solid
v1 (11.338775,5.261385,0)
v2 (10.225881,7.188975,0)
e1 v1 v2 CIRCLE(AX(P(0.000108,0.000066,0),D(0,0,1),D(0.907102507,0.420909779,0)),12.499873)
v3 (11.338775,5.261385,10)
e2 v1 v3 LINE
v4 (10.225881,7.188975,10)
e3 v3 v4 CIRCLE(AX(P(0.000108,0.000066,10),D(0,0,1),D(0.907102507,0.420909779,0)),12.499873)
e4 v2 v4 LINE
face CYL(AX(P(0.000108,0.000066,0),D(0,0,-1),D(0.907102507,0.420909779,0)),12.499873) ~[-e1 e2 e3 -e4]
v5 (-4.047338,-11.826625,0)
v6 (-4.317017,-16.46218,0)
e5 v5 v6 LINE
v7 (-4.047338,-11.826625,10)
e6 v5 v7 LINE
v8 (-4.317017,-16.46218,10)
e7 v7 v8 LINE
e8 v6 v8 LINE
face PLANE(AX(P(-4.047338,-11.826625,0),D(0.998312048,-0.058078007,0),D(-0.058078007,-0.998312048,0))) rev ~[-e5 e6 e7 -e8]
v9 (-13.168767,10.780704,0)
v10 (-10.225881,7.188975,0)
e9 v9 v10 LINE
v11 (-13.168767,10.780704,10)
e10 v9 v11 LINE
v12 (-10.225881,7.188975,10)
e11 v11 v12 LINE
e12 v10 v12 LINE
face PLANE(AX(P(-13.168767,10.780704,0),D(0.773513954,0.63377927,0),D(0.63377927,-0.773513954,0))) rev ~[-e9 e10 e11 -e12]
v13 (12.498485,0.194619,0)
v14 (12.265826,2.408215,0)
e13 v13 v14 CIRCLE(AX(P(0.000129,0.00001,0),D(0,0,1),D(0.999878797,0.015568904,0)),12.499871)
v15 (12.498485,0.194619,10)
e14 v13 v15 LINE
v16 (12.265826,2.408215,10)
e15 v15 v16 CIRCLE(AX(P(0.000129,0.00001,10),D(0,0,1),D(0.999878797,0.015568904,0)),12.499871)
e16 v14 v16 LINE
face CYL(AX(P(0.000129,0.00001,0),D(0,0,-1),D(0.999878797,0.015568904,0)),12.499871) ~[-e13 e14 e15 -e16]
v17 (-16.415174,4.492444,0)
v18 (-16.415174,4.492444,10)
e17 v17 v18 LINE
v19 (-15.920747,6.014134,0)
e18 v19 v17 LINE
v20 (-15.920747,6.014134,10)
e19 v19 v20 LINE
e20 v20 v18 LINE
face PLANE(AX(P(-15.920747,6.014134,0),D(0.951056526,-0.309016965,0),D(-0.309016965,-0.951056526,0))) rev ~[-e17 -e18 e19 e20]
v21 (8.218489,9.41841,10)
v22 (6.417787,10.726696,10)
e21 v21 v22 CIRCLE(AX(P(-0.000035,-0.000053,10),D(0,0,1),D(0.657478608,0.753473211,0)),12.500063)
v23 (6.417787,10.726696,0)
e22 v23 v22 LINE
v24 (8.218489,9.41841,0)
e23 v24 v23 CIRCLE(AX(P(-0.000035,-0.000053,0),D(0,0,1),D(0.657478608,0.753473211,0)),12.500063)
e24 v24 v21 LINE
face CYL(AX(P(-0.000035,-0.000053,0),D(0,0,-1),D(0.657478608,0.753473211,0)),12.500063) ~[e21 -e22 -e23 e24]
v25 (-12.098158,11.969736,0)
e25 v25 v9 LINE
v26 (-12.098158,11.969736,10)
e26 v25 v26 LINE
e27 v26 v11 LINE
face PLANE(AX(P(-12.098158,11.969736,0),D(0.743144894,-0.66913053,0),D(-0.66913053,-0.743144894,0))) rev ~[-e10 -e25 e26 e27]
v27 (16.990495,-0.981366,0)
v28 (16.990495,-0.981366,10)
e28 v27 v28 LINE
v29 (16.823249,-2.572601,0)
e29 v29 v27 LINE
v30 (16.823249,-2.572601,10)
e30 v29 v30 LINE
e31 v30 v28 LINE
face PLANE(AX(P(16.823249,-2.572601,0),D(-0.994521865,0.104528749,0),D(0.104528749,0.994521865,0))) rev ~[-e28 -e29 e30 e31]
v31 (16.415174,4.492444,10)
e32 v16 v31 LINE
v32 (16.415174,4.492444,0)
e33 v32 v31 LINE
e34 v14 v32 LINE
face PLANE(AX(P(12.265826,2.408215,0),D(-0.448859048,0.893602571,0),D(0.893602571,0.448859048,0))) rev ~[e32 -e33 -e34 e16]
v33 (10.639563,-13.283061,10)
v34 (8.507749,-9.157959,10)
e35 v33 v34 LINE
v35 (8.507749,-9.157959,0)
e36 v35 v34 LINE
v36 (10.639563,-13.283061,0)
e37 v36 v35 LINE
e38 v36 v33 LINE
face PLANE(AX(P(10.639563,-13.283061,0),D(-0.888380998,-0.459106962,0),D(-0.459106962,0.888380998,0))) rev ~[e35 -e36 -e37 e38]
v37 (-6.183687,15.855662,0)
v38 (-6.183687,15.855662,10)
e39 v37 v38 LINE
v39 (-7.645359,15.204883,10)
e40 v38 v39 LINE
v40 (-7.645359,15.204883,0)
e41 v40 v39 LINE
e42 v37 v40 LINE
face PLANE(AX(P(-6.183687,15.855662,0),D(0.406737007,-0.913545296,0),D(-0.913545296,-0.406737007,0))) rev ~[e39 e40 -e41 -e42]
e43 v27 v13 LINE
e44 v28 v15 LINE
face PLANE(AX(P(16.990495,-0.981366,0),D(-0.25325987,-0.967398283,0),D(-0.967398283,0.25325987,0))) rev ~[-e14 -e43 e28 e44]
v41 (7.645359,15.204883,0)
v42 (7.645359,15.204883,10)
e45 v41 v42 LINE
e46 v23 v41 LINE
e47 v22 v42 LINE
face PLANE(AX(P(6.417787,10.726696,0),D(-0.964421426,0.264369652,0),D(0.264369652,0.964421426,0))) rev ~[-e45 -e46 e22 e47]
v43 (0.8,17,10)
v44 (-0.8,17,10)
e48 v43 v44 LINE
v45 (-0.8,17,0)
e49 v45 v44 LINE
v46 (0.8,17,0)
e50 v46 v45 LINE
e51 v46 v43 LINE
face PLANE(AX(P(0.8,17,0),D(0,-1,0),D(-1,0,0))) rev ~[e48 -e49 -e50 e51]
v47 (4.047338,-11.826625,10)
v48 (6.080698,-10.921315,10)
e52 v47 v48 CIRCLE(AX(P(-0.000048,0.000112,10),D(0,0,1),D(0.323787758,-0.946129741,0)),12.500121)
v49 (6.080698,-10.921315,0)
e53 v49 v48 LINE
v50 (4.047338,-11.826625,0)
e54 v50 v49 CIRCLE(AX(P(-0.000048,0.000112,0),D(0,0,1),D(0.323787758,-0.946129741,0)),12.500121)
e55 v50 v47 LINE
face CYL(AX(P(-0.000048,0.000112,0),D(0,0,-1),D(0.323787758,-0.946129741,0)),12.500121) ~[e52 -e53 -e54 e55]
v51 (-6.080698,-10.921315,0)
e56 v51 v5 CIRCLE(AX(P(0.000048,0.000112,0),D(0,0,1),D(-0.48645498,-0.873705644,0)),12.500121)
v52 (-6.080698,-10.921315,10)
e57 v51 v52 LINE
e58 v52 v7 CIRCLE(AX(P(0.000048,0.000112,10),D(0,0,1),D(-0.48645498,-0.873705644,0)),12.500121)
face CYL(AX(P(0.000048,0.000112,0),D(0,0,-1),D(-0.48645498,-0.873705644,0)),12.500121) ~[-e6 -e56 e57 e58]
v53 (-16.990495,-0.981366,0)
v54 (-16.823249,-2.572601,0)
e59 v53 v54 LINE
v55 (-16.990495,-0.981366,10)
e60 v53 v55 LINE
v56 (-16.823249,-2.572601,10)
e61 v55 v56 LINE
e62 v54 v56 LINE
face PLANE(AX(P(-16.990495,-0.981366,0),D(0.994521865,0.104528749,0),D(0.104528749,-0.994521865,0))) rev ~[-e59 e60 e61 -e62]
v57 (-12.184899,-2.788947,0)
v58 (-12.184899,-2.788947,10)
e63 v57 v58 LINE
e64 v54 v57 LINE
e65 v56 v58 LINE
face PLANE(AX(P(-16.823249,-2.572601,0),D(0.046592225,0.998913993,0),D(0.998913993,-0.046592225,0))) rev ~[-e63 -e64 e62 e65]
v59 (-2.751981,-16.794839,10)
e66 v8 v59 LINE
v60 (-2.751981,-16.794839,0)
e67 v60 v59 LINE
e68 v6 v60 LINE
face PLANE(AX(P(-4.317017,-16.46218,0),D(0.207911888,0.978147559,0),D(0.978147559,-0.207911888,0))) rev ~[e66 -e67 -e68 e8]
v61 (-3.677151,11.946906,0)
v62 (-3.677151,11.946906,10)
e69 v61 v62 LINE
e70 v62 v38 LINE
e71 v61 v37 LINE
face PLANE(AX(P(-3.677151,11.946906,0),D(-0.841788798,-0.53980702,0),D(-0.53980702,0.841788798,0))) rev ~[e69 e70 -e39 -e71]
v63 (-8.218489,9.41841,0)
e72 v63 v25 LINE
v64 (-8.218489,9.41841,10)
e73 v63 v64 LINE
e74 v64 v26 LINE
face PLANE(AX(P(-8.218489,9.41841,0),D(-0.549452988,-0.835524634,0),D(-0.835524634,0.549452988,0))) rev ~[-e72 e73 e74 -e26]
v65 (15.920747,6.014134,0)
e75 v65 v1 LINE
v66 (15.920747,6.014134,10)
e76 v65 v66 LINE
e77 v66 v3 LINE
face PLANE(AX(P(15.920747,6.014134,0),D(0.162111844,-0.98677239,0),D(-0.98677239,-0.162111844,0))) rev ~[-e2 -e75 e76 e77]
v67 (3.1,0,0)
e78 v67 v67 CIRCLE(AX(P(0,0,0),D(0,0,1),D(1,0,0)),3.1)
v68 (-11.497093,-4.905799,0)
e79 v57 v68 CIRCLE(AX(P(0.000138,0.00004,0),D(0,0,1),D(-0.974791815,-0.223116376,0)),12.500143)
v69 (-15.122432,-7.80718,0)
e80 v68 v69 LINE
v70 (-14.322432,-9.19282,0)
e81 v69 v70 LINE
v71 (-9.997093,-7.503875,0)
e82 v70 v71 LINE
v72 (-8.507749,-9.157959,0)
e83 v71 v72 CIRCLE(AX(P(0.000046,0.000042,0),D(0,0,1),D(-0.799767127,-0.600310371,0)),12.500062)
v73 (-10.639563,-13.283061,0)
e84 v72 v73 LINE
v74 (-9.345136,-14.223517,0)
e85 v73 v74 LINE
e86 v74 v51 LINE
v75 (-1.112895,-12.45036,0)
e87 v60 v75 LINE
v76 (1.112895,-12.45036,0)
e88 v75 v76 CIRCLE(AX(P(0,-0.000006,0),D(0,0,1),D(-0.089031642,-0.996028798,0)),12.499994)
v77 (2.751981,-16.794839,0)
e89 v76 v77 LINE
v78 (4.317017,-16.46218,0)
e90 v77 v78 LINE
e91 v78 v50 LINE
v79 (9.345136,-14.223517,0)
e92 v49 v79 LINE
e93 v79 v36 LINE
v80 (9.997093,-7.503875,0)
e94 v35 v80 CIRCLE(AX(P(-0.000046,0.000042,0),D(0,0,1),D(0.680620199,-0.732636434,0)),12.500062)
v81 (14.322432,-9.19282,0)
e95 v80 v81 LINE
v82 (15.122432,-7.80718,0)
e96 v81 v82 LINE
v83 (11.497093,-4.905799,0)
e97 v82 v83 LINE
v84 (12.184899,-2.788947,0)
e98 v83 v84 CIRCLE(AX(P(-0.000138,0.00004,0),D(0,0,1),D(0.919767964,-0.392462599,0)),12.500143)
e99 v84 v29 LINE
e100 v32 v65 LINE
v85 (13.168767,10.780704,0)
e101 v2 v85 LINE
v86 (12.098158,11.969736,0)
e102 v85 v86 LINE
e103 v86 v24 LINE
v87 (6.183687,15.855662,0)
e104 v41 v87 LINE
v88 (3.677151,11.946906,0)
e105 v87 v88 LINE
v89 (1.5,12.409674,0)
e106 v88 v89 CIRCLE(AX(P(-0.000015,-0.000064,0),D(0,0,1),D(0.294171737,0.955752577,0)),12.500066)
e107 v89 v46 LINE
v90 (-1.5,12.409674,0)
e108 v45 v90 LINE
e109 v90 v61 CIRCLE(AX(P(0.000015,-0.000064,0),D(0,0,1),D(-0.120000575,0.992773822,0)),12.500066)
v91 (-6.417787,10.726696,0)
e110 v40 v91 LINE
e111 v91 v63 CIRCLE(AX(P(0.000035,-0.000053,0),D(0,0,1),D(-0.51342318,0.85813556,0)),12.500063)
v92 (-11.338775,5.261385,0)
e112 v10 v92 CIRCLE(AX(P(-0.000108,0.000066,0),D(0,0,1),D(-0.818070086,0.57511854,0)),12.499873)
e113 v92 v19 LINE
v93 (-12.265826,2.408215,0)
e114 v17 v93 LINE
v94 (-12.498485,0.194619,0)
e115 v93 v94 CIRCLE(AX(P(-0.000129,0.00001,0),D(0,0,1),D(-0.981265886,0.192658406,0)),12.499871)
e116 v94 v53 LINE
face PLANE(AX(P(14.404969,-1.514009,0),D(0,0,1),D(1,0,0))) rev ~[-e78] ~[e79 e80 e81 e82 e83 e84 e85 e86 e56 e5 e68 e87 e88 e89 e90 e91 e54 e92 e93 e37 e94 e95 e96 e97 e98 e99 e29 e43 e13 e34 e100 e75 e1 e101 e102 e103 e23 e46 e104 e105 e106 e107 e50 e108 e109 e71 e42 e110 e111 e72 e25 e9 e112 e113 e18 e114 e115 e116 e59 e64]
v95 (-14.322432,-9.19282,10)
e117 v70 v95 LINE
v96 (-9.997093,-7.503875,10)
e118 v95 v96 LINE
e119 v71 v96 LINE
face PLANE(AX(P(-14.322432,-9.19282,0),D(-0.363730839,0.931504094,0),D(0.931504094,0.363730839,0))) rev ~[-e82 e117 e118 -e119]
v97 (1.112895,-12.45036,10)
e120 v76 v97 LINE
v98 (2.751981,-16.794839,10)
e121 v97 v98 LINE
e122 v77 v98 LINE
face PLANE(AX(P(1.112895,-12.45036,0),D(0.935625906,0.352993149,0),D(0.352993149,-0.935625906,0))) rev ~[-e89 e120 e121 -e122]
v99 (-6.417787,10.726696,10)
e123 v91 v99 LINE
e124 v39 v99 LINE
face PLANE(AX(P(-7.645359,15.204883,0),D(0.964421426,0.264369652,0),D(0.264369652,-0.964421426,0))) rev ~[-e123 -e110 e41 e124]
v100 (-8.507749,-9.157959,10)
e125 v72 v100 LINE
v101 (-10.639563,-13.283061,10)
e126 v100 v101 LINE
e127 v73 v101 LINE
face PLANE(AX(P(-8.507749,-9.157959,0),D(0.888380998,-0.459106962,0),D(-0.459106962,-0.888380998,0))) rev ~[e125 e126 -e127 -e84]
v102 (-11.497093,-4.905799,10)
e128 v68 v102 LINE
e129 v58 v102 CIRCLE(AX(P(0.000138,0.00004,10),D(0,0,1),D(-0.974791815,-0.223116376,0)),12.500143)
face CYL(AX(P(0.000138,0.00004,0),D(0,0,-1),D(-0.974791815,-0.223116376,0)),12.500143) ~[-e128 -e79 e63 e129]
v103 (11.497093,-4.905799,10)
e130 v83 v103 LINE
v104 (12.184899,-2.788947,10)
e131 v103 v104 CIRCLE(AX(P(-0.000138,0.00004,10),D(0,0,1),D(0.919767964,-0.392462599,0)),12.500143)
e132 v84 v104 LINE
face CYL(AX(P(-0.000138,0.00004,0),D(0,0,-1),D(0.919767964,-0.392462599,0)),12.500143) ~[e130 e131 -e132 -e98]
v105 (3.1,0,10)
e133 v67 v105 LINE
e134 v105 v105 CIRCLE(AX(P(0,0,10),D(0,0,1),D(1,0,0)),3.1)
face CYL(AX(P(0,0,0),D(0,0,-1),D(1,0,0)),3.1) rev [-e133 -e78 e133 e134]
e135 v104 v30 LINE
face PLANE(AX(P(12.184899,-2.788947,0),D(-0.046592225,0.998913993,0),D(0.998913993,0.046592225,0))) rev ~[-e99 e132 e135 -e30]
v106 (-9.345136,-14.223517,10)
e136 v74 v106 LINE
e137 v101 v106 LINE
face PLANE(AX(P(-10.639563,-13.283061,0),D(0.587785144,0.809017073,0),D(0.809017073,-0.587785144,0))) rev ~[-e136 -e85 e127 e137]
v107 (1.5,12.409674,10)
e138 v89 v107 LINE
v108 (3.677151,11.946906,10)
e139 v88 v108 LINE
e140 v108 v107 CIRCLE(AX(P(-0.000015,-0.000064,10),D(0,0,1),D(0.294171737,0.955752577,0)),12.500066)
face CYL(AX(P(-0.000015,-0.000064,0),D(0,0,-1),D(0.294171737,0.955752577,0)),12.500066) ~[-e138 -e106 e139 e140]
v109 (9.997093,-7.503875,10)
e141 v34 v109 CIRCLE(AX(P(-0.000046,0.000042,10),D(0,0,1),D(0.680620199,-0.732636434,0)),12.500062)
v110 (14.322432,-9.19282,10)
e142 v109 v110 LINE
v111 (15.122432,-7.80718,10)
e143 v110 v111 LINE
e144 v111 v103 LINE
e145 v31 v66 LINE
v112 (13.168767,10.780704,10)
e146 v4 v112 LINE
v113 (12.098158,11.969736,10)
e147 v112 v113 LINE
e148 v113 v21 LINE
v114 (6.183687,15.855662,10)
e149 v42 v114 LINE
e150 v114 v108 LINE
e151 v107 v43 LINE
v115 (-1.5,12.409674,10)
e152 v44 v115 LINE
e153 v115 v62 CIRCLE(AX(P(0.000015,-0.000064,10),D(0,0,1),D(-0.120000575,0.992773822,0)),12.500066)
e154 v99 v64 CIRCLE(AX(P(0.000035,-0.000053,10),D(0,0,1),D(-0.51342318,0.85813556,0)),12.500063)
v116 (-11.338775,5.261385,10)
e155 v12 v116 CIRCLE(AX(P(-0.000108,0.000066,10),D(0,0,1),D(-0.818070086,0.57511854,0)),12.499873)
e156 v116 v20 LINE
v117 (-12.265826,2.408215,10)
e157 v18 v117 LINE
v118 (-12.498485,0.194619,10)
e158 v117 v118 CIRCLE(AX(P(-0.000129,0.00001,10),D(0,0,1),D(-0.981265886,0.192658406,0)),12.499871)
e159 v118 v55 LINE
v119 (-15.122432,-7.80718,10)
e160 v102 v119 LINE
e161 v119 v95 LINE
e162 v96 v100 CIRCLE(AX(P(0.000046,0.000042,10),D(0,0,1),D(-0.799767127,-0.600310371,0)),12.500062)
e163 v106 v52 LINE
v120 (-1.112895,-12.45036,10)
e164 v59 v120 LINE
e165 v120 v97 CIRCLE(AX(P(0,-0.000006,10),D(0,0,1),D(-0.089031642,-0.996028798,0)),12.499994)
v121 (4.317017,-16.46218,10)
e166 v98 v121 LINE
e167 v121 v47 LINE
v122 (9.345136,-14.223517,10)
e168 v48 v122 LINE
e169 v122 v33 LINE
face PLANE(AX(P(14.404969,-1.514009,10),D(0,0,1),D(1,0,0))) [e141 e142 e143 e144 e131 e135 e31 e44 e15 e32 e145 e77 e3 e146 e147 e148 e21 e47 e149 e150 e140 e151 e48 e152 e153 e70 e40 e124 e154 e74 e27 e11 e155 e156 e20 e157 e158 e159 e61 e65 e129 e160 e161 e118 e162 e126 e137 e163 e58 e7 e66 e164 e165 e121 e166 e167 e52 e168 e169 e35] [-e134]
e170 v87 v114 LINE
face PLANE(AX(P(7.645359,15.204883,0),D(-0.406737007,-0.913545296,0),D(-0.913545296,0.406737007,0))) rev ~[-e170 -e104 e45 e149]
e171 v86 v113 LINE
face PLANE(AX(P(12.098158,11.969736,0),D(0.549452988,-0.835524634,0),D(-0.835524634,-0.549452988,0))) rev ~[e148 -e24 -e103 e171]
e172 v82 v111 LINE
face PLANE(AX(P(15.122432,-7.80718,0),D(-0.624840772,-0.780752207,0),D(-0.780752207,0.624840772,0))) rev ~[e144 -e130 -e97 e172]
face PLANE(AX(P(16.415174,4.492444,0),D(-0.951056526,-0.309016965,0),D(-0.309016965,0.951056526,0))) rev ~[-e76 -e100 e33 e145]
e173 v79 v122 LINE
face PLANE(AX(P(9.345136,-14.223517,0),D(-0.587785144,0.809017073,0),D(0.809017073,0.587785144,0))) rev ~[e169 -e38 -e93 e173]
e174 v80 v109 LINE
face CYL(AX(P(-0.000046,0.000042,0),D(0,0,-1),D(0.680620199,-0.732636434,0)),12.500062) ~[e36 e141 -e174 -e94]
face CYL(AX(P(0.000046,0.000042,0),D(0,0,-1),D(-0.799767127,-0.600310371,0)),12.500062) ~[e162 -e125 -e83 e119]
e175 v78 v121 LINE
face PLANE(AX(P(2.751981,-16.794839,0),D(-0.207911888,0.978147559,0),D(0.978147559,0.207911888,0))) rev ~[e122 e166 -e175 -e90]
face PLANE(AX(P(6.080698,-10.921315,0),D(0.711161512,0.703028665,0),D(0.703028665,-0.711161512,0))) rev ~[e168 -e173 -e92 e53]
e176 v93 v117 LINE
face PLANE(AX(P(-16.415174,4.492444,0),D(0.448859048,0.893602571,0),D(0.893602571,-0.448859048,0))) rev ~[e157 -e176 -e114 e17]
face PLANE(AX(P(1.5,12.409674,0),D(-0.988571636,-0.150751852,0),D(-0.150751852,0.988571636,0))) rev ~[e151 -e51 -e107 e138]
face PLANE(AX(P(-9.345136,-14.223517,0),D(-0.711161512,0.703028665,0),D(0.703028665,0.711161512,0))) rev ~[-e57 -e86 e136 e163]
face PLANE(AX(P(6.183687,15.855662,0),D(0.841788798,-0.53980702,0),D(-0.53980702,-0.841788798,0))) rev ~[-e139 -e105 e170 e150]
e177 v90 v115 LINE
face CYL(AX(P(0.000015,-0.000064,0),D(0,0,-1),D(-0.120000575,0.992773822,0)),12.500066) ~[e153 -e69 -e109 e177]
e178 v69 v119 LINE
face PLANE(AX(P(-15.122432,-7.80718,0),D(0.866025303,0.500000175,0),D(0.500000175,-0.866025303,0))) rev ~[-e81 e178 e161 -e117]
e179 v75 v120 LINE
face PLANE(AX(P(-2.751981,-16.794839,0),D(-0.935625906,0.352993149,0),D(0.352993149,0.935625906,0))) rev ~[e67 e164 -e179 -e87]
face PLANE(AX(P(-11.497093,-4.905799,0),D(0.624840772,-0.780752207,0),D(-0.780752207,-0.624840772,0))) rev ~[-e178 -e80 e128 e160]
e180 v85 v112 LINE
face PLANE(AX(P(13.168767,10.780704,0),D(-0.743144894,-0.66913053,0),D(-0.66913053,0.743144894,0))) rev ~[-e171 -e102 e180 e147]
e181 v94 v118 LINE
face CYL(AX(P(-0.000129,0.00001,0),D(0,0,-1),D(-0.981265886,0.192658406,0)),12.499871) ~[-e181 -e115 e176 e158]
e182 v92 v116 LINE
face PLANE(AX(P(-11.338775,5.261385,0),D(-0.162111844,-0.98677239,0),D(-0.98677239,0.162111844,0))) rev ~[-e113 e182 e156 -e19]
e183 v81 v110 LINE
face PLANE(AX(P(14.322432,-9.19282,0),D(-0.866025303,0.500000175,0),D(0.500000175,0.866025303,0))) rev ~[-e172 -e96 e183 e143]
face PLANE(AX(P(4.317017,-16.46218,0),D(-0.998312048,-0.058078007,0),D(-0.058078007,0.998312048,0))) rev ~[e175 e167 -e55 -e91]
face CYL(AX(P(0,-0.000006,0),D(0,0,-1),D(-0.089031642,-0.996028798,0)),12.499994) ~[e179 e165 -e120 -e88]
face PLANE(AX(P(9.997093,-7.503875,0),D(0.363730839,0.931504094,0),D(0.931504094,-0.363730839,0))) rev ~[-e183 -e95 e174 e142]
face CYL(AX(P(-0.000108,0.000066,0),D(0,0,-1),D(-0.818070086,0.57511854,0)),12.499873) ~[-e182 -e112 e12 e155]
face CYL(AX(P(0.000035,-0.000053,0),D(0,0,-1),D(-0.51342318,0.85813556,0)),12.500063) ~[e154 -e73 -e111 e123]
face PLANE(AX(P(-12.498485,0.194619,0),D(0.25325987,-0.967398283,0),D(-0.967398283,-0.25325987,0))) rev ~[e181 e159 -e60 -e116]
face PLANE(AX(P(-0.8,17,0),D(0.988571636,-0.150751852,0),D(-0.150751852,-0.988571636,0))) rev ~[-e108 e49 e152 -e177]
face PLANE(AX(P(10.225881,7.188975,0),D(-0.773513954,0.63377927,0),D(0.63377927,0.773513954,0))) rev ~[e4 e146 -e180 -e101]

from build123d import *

# Parameters (mm, degrees)
F0_R     = 3.1
F1_DEPTH = 10


with BuildPart() as f1:
    # F0 (on Top) → F1 (new body)
    with BuildSketch(Plane.XY):
        with BuildLine():
            ThreePointArc((12.498485, 0.194619), (12.499621, 0.097312), (12.5, 0))
            ThreePointArc((12.5, 0), (12.420975, -1.403345), (12.184899, -2.788947))
            Line((12.184899, -2.788947), (16.823249, -2.572601))
            Line((16.823249, -2.572601), (16.990495, -0.981366))
            Line((16.990495, -0.981366), (12.498485, 0.194619))
        make_face()
        with BuildLine():
            Line((10.639563, -13.283061), (8.507749, -9.157959))
            ThreePointArc((8.507749, -9.157959), (7.347316, -10.112712), (6.080698, -10.921315))
            Line((6.080698, -10.921315), (9.345136, -14.223517))
            Line((9.345136, -14.223517), (10.639563, -13.283061))
        make_face()
        with BuildLine():
            Line((15.122432, -7.80718), (11.497093, -4.905799))
            ThreePointArc((11.497093, -4.905799), (10.825318, -6.25), (9.997093, -7.503875))
            Line((9.997093, -7.503875), (14.322432, -9.19282))
            Line((14.322432, -9.19282), (15.122432, -7.80718))
        make_face()
        with BuildLine():
            ThreePointArc((11.338775, 5.261385), (11.888206, 3.862712), (12.265826, 2.408215))
            Line((12.265826, 2.408215), (16.415174, 4.492444))
            Line((16.415174, 4.492444), (15.920747, 6.014134))
            Line((15.920747, 6.014134), (11.338775, 5.261385))
        make_face()
        with BuildLine():
            ThreePointArc((8.218489, 9.41841), (9.28931, 8.364133), (10.225881, 7.188975))
            Line((10.225881, 7.188975), (13.168767, 10.780704))
            Line((13.168767, 10.780704), (12.098158, 11.969736))
            Line((12.098158, 11.969736), (8.218489, 9.41841))
        make_face()
        with BuildLine():
            ThreePointArc((3.677151, 11.946906), (5.084208, 11.419318), (6.417787, 10.726696))
            Line((6.417787, 10.726696), (7.645359, 15.204883))
            Line((7.645359, 15.204883), (6.183687, 15.855662))
            Line((6.183687, 15.855662), (3.677151, 11.946906))
        make_face()
        with BuildLine():
            ThreePointArc((-1.5, 12.409674), (0, 12.5), (1.5, 12.409674))
            Line((1.5, 12.409674), (0.8, 17))
            Line((0.8, 17), (-0.8, 17))
            Line((-0.8, 17), (-1.5, 12.409674))
        make_face()
        with BuildLine():
            ThreePointArc((-6.417787, 10.726696), (-5.084208, 11.419318), (-3.677151, 11.946906))
            Line((-3.677151, 11.946906), (-6.183687, 15.855662))
            Line((-6.183687, 15.855662), (-7.645359, 15.204883))
            Line((-7.645359, 15.204883), (-6.417787, 10.726696))
        make_face()
        with BuildLine():
            ThreePointArc((-10.225881, 7.188975), (-9.28931, 8.364133), (-8.218489, 9.41841))
            Line((-8.218489, 9.41841), (-12.098158, 11.969736))
            Line((-12.098158, 11.969736), (-13.168767, 10.780704))
            Line((-13.168767, 10.780704), (-10.225881, 7.188975))
        make_face()
        with BuildLine():
            ThreePointArc((-12.265826, 2.408215), (-11.888206, 3.862712), (-11.338775, 5.261385))
            Line((-11.338775, 5.261385), (-15.920747, 6.014134))
            Line((-15.920747, 6.014134), (-16.415174, 4.492444))
            Line((-16.415174, 4.492444), (-12.265826, 2.408215))
        make_face()
        with BuildLine():
            Line((-16.823249, -2.572601), (-12.184899, -2.788947))
            ThreePointArc((-12.184899, -2.788947), (-12.431524, -1.306606), (-12.498485, 0.194619))
            Line((-12.498485, 0.194619), (-16.990495, -0.981366))
            Line((-16.990495, -0.981366), (-16.823249, -2.572601))
        make_face()
        with BuildLine():
            Line((-14.322432, -9.19282), (-9.997093, -7.503875))
            ThreePointArc((-9.997093, -7.503875), (-10.825318, -6.25), (-11.497093, -4.905799))
            Line((-11.497093, -4.905799), (-15.122432, -7.80718))
            Line((-15.122432, -7.80718), (-14.322432, -9.19282))
        make_face()
        with BuildLine():
            Line((-9.345136, -14.223517), (-6.080698, -10.921315))
            ThreePointArc((-6.080698, -10.921315), (-7.347316, -10.112712), (-8.507749, -9.157959))
            Line((-8.507749, -9.157959), (-10.639563, -13.283061))
            Line((-10.639563, -13.283061), (-9.345136, -14.223517))
        make_face()
        with BuildLine():
            Line((-2.751981, -16.794839), (-1.112895, -12.45036))
            ThreePointArc((-1.112895, -12.45036), (-2.598896, -12.226845), (-4.047338, -11.826625))
            Line((-4.047338, -11.826625), (-4.317017, -16.46218))
            Line((-4.317017, -16.46218), (-2.751981, -16.794839))
        make_face()
        with BuildLine():
            Line((4.317017, -16.46218), (4.047338, -11.826625))
            ThreePointArc((4.047338, -11.826625), (2.598896, -12.226845), (1.112895, -12.45036))
            Line((1.112895, -12.45036), (2.751981, -16.794839))
            Line((2.751981, -16.794839), (4.317017, -16.46218))
        make_face()
        with BuildLine():
            ThreePointArc((12.184899, -2.788947), (12.420975, -1.403345), (12.5, 0))
            ThreePointArc((12.5, 0), (12.499621, 0.097312), (12.498485, 0.194619))
            ThreePointArc((12.498485, 0.194619), (12.431524, 1.306606), (12.265826, 2.408215))
            ThreePointArc((12.265826, 2.408215), (11.888206, 3.862712), (11.338775, 5.261385))
            ThreePointArc((11.338775, 5.261385), (10.825318, 6.25), (10.225881, 7.188975))
            ThreePointArc((10.225881, 7.188975), (9.28931, 8.364133), (8.218489, 9.41841))
            ThreePointArc((8.218489, 9.41841), (7.347316, 10.112712), (6.417787, 10.726696))
            ThreePointArc((6.417787, 10.726696), (5.084208, 11.419318), (3.677151, 11.946906))
            ThreePointArc((3.677151, 11.946906), (2.598896, 12.226845), (1.5, 12.409674))
            Line((1.5, 12.409674), (-1.5, 12.409674))
            ThreePointArc((-1.5, 12.409674), (-2.598896, 12.226845), (-3.677151, 11.946906))
            ThreePointArc((-3.677151, 11.946906), (-5.084208, 11.419318), (-6.417787, 10.726696))
            ThreePointArc((-6.417787, 10.726696), (-7.347316, 10.112712), (-8.218489, 9.41841))
            ThreePointArc((-8.218489, 9.41841), (-9.28931, 8.364133), (-10.225881, 7.188975))
            ThreePointArc((-10.225881, 7.188975), (-10.825318, 6.25), (-11.338775, 5.261385))
            ThreePointArc((-11.338775, 5.261385), (-11.888206, 3.862712), (-12.265826, 2.408215))
            ThreePointArc((-12.265826, 2.408215), (-12.431524, 1.306606), (-12.498485, 0.194619))
            ThreePointArc((-12.498485, 0.194619), (-12.431524, -1.306606), (-12.184899, -2.788947))
            ThreePointArc((-12.184899, -2.788947), (-11.888206, -3.862712), (-11.497093, -4.905799))
            ThreePointArc((-11.497093, -4.905799), (-10.825318, -6.25), (-9.997093, -7.503875))
            ThreePointArc((-9.997093, -7.503875), (-9.28931, -8.364133), (-8.507749, -9.157959))
            ThreePointArc((-8.507749, -9.157959), (-7.347316, -10.112712), (-6.080698, -10.921315))
            ThreePointArc((-6.080698, -10.921315), (-5.084208, -11.419318), (-4.047338, -11.826625))
            ThreePointArc((-4.047338, -11.826625), (-2.598896, -12.226845), (-1.112895, -12.45036))
            ThreePointArc((-1.112895, -12.45036), (0, -12.5), (1.112895, -12.45036))
            ThreePointArc((1.112895, -12.45036), (2.598896, -12.226845), (4.047338, -11.826625))
            ThreePointArc((4.047338, -11.826625), (5.084208, -11.419318), (6.080698, -10.921315))
            ThreePointArc((6.080698, -10.921315), (7.347316, -10.112712), (8.507749, -9.157959))
            ThreePointArc((8.507749, -9.157959), (9.28931, -8.364133), (9.997093, -7.503875))
            ThreePointArc((9.997093, -7.503875), (10.825318, -6.25), (11.497093, -4.905799))
            ThreePointArc((11.497093, -4.905799), (11.888206, -3.862712), (12.184899, -2.788947))
        make_face()
        Circle(F0_R, mode=Mode.SUBTRACT)
        with BuildLine():
            Line((-1.5, 12.409674), (1.5, 12.409674))
            ThreePointArc((1.5, 12.409674), (0, 12.5), (-1.5, 12.409674))
        make_face()
    extrude(amount=F1_DEPTH)


solid = f1.part
